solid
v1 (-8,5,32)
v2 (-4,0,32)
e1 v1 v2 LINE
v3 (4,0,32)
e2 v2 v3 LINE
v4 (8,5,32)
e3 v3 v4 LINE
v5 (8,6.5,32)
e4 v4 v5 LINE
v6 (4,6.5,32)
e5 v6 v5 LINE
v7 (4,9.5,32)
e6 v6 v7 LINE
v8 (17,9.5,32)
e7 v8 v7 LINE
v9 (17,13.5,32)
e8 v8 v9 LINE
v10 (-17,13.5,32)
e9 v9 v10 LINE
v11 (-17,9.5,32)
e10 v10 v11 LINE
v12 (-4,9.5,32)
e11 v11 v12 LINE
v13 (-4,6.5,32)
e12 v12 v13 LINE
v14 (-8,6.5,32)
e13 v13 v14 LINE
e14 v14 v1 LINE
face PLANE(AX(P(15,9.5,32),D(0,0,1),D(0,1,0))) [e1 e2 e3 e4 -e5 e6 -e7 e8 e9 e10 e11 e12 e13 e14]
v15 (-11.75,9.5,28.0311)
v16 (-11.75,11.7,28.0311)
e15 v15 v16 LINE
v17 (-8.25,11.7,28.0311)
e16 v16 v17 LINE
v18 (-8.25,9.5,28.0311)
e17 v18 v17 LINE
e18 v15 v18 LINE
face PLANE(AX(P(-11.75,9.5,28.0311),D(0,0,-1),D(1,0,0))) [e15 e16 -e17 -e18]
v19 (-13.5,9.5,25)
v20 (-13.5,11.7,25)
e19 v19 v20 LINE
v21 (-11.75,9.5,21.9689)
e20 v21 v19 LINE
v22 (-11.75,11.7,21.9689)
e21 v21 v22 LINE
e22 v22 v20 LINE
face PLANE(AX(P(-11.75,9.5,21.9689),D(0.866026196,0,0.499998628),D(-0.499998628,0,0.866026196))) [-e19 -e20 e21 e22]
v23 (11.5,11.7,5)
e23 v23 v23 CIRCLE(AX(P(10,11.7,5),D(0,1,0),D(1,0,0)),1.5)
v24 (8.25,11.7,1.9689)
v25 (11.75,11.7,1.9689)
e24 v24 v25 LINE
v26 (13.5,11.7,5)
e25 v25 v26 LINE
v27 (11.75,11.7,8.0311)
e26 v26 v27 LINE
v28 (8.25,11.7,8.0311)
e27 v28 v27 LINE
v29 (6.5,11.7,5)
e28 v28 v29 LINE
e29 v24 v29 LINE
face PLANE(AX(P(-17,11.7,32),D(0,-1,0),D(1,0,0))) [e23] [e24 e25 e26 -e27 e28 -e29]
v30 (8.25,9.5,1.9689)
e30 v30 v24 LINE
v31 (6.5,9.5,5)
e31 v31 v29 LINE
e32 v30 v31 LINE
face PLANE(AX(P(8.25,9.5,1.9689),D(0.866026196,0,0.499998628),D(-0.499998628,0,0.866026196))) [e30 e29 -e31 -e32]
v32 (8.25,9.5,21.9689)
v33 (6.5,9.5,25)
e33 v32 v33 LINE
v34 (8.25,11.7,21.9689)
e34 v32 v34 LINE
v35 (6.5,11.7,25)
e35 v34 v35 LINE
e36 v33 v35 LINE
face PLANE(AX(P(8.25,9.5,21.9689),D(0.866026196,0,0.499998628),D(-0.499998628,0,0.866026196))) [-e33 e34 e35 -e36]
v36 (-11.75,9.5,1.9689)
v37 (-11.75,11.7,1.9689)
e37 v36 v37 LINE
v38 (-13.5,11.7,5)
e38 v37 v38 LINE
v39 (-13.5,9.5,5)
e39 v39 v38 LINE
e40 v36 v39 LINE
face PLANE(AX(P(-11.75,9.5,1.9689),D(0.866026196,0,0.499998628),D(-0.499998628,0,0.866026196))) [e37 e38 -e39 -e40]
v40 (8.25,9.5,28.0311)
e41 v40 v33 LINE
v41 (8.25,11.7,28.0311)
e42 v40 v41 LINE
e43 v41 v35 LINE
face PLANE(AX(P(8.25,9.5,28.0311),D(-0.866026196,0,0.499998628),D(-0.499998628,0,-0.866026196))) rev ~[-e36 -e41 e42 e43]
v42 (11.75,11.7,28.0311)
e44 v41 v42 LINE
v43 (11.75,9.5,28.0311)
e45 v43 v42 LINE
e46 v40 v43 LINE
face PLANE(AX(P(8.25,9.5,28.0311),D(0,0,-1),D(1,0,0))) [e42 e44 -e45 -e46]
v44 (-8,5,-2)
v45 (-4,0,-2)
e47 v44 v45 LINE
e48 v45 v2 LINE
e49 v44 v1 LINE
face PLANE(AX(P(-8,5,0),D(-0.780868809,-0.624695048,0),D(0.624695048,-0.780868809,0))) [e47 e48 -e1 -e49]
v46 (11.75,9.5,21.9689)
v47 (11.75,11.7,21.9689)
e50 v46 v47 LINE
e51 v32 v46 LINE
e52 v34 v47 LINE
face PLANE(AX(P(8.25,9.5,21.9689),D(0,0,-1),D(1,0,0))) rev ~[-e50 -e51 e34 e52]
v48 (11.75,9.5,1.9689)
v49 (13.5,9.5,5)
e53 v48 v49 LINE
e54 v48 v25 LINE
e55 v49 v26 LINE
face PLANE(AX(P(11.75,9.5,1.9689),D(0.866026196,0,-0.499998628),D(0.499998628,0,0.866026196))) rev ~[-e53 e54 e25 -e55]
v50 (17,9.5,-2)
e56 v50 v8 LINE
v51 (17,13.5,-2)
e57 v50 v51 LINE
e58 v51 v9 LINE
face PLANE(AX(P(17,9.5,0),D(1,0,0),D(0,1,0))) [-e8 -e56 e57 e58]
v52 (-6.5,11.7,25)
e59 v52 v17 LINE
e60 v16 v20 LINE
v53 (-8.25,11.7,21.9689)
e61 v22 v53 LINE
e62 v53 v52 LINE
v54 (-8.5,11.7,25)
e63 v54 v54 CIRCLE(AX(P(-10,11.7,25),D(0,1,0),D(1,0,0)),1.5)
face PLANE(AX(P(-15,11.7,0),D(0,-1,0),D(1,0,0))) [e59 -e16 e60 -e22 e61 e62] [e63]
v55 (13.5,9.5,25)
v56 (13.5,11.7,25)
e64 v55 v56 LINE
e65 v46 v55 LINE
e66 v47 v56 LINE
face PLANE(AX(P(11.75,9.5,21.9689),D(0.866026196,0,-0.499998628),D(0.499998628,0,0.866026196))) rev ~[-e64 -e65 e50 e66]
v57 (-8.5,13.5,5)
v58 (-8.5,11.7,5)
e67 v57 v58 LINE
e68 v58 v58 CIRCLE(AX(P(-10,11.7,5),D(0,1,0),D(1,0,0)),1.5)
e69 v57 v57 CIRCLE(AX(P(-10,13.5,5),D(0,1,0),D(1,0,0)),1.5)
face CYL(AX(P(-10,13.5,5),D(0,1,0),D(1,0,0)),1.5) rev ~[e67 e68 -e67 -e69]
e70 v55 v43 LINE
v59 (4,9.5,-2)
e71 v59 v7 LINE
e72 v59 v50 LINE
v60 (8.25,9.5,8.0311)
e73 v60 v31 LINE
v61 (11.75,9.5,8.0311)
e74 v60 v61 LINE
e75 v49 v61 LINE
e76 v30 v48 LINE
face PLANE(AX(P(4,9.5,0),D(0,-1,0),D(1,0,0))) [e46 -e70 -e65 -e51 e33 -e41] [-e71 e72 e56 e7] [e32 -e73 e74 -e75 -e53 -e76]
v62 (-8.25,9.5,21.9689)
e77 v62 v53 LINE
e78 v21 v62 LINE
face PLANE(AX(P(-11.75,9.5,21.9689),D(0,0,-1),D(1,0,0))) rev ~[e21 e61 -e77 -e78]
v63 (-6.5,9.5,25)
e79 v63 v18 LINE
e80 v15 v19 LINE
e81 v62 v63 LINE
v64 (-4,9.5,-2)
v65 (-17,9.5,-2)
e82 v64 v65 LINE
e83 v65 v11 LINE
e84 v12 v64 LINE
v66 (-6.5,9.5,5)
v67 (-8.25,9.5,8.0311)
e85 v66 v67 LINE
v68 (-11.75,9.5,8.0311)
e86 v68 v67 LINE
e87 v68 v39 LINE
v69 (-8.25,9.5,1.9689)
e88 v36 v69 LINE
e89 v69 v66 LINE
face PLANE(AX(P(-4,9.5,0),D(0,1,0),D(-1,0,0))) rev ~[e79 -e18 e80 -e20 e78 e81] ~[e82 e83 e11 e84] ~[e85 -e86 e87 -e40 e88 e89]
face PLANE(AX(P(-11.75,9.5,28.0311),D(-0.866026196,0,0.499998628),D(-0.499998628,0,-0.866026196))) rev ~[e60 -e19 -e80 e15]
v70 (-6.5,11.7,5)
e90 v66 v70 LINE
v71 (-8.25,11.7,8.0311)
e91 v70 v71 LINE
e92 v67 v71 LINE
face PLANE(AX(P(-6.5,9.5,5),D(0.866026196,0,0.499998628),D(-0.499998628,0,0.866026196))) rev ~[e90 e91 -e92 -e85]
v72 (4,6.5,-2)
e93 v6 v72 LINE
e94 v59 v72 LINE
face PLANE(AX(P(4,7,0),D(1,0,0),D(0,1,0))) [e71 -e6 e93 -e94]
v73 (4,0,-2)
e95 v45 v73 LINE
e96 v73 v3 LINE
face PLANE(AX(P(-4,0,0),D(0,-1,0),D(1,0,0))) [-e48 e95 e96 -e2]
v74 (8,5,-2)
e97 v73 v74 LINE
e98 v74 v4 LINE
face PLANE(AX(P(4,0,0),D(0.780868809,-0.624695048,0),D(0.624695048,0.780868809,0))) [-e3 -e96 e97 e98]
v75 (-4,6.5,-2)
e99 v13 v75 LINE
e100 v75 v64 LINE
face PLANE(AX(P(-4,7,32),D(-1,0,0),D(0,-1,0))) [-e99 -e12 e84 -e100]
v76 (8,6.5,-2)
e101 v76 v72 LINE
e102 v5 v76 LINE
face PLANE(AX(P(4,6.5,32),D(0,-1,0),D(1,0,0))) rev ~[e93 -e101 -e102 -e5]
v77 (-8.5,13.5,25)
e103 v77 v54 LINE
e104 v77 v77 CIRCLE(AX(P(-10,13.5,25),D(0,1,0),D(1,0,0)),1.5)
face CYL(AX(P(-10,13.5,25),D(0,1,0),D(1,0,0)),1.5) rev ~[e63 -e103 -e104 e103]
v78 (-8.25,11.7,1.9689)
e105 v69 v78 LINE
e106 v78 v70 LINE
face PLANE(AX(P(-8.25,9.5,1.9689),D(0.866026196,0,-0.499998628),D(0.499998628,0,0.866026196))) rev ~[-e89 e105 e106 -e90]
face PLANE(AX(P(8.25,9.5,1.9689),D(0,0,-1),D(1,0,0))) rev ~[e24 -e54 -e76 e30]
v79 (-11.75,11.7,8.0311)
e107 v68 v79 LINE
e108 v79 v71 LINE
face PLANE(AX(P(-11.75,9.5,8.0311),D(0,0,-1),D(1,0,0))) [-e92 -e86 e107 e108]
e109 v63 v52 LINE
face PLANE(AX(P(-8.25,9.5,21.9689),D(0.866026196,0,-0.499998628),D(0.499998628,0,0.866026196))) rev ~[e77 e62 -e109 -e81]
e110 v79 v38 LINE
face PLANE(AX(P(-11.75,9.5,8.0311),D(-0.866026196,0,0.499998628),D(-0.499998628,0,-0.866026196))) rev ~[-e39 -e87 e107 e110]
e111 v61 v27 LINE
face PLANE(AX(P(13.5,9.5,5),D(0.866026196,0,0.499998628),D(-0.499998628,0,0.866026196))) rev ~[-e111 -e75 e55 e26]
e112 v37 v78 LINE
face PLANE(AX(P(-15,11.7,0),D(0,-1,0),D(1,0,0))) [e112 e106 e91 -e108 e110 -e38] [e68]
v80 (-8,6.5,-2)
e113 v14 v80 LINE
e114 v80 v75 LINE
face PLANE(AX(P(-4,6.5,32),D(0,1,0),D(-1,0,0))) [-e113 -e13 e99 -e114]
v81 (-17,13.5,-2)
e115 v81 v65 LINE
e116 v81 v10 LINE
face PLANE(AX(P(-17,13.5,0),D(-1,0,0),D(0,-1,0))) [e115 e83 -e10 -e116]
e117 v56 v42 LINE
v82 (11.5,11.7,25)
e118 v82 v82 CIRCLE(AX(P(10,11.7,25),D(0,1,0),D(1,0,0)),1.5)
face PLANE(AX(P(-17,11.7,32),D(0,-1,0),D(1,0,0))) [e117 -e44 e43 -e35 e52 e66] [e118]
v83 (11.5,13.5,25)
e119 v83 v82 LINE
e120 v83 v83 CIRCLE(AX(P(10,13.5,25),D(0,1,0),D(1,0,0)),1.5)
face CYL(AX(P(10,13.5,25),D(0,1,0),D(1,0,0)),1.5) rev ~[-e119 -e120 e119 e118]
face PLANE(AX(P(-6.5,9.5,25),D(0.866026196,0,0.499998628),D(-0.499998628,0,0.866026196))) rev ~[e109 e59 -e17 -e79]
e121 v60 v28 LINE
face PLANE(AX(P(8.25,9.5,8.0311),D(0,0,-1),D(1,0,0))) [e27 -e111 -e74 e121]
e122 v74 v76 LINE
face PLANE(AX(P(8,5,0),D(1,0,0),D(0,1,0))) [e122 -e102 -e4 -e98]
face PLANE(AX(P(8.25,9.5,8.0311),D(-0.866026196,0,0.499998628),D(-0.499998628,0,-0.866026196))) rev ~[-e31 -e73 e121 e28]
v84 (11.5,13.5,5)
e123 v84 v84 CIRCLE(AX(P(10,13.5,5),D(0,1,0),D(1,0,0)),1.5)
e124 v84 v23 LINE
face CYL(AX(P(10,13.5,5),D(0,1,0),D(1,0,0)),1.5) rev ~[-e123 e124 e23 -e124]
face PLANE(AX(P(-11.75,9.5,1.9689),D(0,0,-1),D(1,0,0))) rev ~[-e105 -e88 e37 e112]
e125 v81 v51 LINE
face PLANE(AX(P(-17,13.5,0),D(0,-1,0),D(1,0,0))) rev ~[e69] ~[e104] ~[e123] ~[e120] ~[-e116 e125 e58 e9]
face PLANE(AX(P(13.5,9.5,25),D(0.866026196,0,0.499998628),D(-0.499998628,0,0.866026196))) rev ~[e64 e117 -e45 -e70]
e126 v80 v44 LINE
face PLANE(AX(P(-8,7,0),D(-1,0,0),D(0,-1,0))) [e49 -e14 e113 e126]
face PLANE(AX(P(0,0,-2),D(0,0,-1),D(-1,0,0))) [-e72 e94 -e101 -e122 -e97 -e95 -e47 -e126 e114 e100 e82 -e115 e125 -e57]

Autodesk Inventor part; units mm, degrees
sketch "Sketch1" plane through (0, 0, 0) normal (0, 0, 1) x (1, 0, 0)
  line L0 (0, 0) -> (4, 0)
  line L1 (0, 0) -> (-4, 0)
  line L2 (-4, 7) -> (-4, 9.5)
  line L3 (4, 7) -> (4, 9.5)
  line L4 (-4, 7) -> (-8, 7)
  line L5 (4, 7) -> (8, 7)
  line L6 (-8, 7) -> (-8, 5)
  line L7 (8, 7) -> (8, 5)
  line L8 (8, 5) -> (4, 0)
  line L9 (-8, 5) -> (-4, 0)
  line L10 (-4, 9.5) -> (-15, 9.5)
  line L11 (4, 9.5) -> (15, 9.5)
  line L12 (-15, 9.5) -> (-15, 13.5)
  line L13 (-15, 13.5) -> (15, 13.5)
  line L14 (15, 13.5) -> (15, 9.5)
  dimension "d12" = 4
extrude "Extrusion1" add sketch "Sketch1" along normal blind 30
sketch "Sketch2" plane through (-15, 13.5, 0) normal (0, 1, 0) x (1, 0, 0)
  line L0 (0, -30) -> (11, -30) projected
  line L1 (30, 0) -> (30, -30) projected
  line L2 (30, 0) -> (0, 0) projected
  circle A0 centre (5, -5) radius 1.5
  circle A1 centre (5, -25) radius 1.5
  circle A2 centre (25, -25) radius 1.5
  circle A3 centre (25, -5) radius 1.5
  point P0 (15, 0)
  point P1 (15, -15)
  dimension "d19" = 360
extrude "Extrusion2" cut sketch "Sketch2" against normal blind 5
sketch "Sketch3" plane through (-15, 9.5, 0) normal (0, -1, 0) x (1, 0, 0)
  line L0 (3.5, 7.5981) -> (6.5, 7.5981)
  line L1 (6.5, 7.5981) -> (8, 5)
  line L2 (8, 5) -> (6.5, 2.4019)
  line L3 (6.5, 2.4019) -> (3.5, 2.4019)
  line L4 (3.5, 2.4019) -> (2, 5)
  line L5 (2, 5) -> (3.5, 7.5981)
  line L6 (3.5, 27.5981) -> (6.5, 27.5981)
  line L7 (6.5, 27.5981) -> (8, 25)
  line L8 (8, 25) -> (6.5, 22.4019)
  line L9 (6.5, 22.4019) -> (3.5, 22.4019)
  line L10 (3.5, 22.4019) -> (2, 25)
  line L11 (2, 25) -> (3.5, 27.5981)
  line L12 (23.5, 7.5981) -> (26.5, 7.5981)
  line L13 (26.5, 7.5981) -> (28, 5)
  line L14 (28, 5) -> (26.5, 2.4019)
  line L15 (26.5, 2.4019) -> (23.5, 2.4019)
  line L16 (23.5, 2.4019) -> (22, 5)
  line L17 (22, 5) -> (23.5, 7.5981)
  line L18 (23.5, 27.5981) -> (26.5, 27.5981)
  line L19 (26.5, 27.5981) -> (28, 25)
  line L20 (28, 25) -> (26.5, 22.4019)
  line L21 (26.5, 22.4019) -> (23.5, 22.4019)
  line L22 (23.5, 22.4019) -> (22, 25)
  line L23 (22, 25) -> (23.5, 27.5981)
  point P0 (15, 0)
  dimension "d23" = 3
  dimension "d24" = 3
  dimension "d26" = 3
  dimension "d27" = 120
  dimension "d28" = 3
  dimension "d29" = 120
  dimension "d30" = 3
  dimension "d31" = 3
  dimension "d32" = 120
  dimension "d33" = 3
  dimension "d34" = 120
  dimension "d35" = 3
  dimension "d36" = 120
  dimension "d37" = 3
  dimension "d38" = 3
  dimension "d40" = 3
  dimension "d41" = 120
  dimension "d42" = 3
  dimension "d43" = 120
  dimension "d44" = 3
  dimension "d45" = 3
  dimension "d46" = 120
  dimension "d47" = 3
  dimension "d48" = 120
  dimension "d49" = 3
  dimension "d50" = 120
extrude "Extrusion3" cut sketch "Sketch3" against normal blind 2.2
sketch "Sketch4" plane through (0, 0, 30) normal (0, 0, 1) x (1, 0, 0)
  line L0 (-8, 7) -> (-8, 5) projected
  line L1 (-8, 5) -> (-4, 0) projected
  line L2 (-4, 0) -> (4, 0) projected
  line L3 (4, 0) -> (8, 5) projected
  line L4 (8, 5) -> (8, 7) projected
  line L5 (8, 7) -> (4, 7) projected
  line L6 (4, 7) -> (4, 9.5) projected
  line L7 (4, 9.5) -> (15, 9.5) projected
  line L8 (15, 9.5) -> (15, 13.5) projected
  line L9 (15, 13.5) -> (-15, 13.5) projected
  line L10 (-15, 13.5) -> (-15, 9.5) projected
  line L11 (-15, 9.5) -> (-4, 9.5) projected
  line L12 (-4, 9.5) -> (-4, 7) projected
  line L13 (-4, 7) -> (-8, 7) projected
  line L14 (-8, 7) -> (-8, 5) projected
  line L15 (-8, 5) -> (-4, 0) projected
  line L16 (-4, 0) -> (4, 0) projected
  line L17 (4, 0) -> (8, 5) projected
  line L18 (8, 5) -> (8, 7) projected
  line L19 (8, 7) -> (4, 7) projected
  line L20 (4, 7) -> (4, 9.5) projected
  line L21 (4, 9.5) -> (15, 9.5) projected
  line L22 (15, 9.5) -> (15, 13.5) projected
  line L23 (15, 13.5) -> (-15, 13.5) projected
  line L24 (-15, 13.5) -> (-15, 9.5) projected
  line L25 (-15, 9.5) -> (-4, 9.5) projected
  line L26 (-4, 9.5) -> (-4, 7) projected
  line L27 (-4, 7) -> (-8, 7) projected
extrude "Extrusion4" add sketch "Sketch4" along normal blind 2
sketch "Sketch5" plane through (-15, 9.5, 0) normal (-1, 0, 0) x (0, 0, 1)
  line L0 (0, 4) -> (0, 0) projected
  line L1 (0, 0) -> (32, 0) projected
  line L2 (32, 4) -> (32, 0) projected
  line L3 (0, 4) -> (32, 4) projected
  point P0 (0, -9.5)
extrude "Extrusion5" add sketch "Sketch5" along normal blind 2
sketch "Sketch6" plane through (15, 9.5, 0) normal (1, 0, 0) x (0, 0, -1)
  line L0 (0, 0) -> (0, 4) projected
  line L1 (0, 4) -> (-32, 4) projected
  line L2 (-32, 0) -> (-32, 4) projected
  line L3 (0, 0) -> (-32, 0) projected
  point P0 (0, -9.5)
extrude "Extrusion6" add sketch "Sketch6" along normal blind 2
sketch "Sketch7" plane through (0, 0, 0) normal (0, 0, -1) x (-1, 0, 0)
  line L0 (8, 7) -> (8, 5) projected
  line L1 (4, 7) -> (8, 7) projected
  line L2 (4, 9.5) -> (4, 7) projected
  line L3 (4, 9.5) -> (17, 9.5) projected
  line L4 (17, 13.5) -> (17, 9.5) projected
  line L5 (17, 13.5) -> (-17, 13.5) projected
  line L6 (-17, 9.5) -> (-17, 13.5) projected
  line L7 (-4, 9.5) -> (-17, 9.5) projected
  line L8 (-4, 7) -> (-4, 9.5) projected
  line L9 (-8, 7) -> (-4, 7) projected
  line L10 (-8, 5) -> (-8, 7) projected
  line L11 (-4, 0) -> (-8, 5) projected
  line L12 (4, 0) -> (-4, 0) projected
  line L13 (8, 5) -> (4, 0) projected
  point P0 (0, 0)
extrude "Extrusion7" add sketch "Sketch7" along normal blind 2
sketch "Sketch8" plane through (0, 0, 32) normal (0, 0, 1) x (1, 0, 0)
  line L0 (-4, 7) -> (-8, 7) projected
  line L1 (-4, 7) -> (-4, 6.5)
  line L2 (-4, 6.5) -> (-8, 6.5)
  line L3 (-8, 7) -> (-8, 5) projected
  line L4 (-8, 7) -> (-4, 7)
  line L5 (3.9883, 6.9999) -> (3.9883, 6.4999)
  line L6 (3.9883, 6.4999) -> (8, 6.4999)
  line L7 (8, 5) -> (8, 7) projected
  line L8 (8, 6.4999) -> (8, 7)
  line L9 (8, 7) -> (4, 7) projected
  line L10 (8, 7) -> (4, 7)
  point P0 (0, 0)
  dimension "d61" = 0.5
extrude "Extrusion8" cut sketch "Sketch8" against normal blind 40
sketch "Sketch9" plane through (0, 0, 32) normal (0, 0, 1) x (1, 0, 0)
  line L0 (4, 7) -> (4, 9.5) projected
  line L1 (4, 7) -> (4, 6.5)
  line L2 (4, 6.5) -> (8, 6.5)
  line L3 (8, 7) -> (8, 5) projected
  line L4 (4, 7) -> (8, 7) projected
  line L5 (8, 7) -> (4, 7)
  point P0 (0, 0)
  dimension "d64" = 0.5
extrude "Extrusion9" cut sketch "Sketch9" against normal blind 40
sketch "Sketch10" plane through (-17, 9.5, 32) normal (0, -1, 0) x (1, 0, 0)
  line L0 (5.5, -24.4019) -> (8.5, -24.4019) projected
  line L1 (5.25, -30.0311) -> (3.5, -27)
  line L2 (5.25, -23.9689) -> (3.5, -27)
  line L3 (5.25, -23.9689) -> (8.75, -23.9689)
  line L4 (5.25, -30.0311) -> (8.75, -30.0311)
  line L5 (8.75, -30.0311) -> (10.5, -27)
  line L6 (10.5, -27) -> (8.75, -23.9689)
  line L7 (5.5, -9.5981) -> (4, -7) projected
  line L8 (30, -27) -> (28.5, -29.5981) projected
  line L9 (25.5, -4.4019) -> (28.5, -4.4019) projected
  line L10 (8.5, -9.5981) -> (5.5, -9.5981) projected
  line L11 (5.25, -10.0311) -> (3.5, -7)
  line L12 (5.25, -3.9689) -> (3.5, -7)
  line L13 (5.25, -3.9689) -> (8.75, -3.9689)
  line L14 (5.25, -10.0311) -> (8.75, -10.0311)
  line L15 (8.75, -10.0311) -> (10.5, -7)
  line L16 (10.5, -7) -> (8.75, -3.9689)
  line L17 (25.25, -10.0311) -> (23.5, -7)
  line L18 (25.25, -3.9689) -> (23.5, -7)
  line L19 (25.25, -3.9689) -> (28.75, -3.9689)
  line L20 (25.25, -10.0311) -> (28.75, -10.0311)
  line L21 (28.75, -10.0311) -> (30.5, -7)
  line L22 (30.5, -7) -> (28.75, -3.9689)
  line L23 (25.25, -30.0311) -> (23.5, -27)
  line L24 (25.25, -23.9689) -> (23.5, -27)
  line L25 (25.25, -23.9689) -> (28.75, -23.9689)
  line L26 (25.25, -30.0311) -> (28.75, -30.0311)
  line L27 (28.75, -30.0311) -> (30.5, -27)
  line L28 (30.5, -27) -> (28.75, -23.9689)
  point P0 (17, -32)
extrude "Extrusion10" cut sketch "Sketch10" against normal blind 2.2
properties part number "IDOM_infrared_fixture1"
